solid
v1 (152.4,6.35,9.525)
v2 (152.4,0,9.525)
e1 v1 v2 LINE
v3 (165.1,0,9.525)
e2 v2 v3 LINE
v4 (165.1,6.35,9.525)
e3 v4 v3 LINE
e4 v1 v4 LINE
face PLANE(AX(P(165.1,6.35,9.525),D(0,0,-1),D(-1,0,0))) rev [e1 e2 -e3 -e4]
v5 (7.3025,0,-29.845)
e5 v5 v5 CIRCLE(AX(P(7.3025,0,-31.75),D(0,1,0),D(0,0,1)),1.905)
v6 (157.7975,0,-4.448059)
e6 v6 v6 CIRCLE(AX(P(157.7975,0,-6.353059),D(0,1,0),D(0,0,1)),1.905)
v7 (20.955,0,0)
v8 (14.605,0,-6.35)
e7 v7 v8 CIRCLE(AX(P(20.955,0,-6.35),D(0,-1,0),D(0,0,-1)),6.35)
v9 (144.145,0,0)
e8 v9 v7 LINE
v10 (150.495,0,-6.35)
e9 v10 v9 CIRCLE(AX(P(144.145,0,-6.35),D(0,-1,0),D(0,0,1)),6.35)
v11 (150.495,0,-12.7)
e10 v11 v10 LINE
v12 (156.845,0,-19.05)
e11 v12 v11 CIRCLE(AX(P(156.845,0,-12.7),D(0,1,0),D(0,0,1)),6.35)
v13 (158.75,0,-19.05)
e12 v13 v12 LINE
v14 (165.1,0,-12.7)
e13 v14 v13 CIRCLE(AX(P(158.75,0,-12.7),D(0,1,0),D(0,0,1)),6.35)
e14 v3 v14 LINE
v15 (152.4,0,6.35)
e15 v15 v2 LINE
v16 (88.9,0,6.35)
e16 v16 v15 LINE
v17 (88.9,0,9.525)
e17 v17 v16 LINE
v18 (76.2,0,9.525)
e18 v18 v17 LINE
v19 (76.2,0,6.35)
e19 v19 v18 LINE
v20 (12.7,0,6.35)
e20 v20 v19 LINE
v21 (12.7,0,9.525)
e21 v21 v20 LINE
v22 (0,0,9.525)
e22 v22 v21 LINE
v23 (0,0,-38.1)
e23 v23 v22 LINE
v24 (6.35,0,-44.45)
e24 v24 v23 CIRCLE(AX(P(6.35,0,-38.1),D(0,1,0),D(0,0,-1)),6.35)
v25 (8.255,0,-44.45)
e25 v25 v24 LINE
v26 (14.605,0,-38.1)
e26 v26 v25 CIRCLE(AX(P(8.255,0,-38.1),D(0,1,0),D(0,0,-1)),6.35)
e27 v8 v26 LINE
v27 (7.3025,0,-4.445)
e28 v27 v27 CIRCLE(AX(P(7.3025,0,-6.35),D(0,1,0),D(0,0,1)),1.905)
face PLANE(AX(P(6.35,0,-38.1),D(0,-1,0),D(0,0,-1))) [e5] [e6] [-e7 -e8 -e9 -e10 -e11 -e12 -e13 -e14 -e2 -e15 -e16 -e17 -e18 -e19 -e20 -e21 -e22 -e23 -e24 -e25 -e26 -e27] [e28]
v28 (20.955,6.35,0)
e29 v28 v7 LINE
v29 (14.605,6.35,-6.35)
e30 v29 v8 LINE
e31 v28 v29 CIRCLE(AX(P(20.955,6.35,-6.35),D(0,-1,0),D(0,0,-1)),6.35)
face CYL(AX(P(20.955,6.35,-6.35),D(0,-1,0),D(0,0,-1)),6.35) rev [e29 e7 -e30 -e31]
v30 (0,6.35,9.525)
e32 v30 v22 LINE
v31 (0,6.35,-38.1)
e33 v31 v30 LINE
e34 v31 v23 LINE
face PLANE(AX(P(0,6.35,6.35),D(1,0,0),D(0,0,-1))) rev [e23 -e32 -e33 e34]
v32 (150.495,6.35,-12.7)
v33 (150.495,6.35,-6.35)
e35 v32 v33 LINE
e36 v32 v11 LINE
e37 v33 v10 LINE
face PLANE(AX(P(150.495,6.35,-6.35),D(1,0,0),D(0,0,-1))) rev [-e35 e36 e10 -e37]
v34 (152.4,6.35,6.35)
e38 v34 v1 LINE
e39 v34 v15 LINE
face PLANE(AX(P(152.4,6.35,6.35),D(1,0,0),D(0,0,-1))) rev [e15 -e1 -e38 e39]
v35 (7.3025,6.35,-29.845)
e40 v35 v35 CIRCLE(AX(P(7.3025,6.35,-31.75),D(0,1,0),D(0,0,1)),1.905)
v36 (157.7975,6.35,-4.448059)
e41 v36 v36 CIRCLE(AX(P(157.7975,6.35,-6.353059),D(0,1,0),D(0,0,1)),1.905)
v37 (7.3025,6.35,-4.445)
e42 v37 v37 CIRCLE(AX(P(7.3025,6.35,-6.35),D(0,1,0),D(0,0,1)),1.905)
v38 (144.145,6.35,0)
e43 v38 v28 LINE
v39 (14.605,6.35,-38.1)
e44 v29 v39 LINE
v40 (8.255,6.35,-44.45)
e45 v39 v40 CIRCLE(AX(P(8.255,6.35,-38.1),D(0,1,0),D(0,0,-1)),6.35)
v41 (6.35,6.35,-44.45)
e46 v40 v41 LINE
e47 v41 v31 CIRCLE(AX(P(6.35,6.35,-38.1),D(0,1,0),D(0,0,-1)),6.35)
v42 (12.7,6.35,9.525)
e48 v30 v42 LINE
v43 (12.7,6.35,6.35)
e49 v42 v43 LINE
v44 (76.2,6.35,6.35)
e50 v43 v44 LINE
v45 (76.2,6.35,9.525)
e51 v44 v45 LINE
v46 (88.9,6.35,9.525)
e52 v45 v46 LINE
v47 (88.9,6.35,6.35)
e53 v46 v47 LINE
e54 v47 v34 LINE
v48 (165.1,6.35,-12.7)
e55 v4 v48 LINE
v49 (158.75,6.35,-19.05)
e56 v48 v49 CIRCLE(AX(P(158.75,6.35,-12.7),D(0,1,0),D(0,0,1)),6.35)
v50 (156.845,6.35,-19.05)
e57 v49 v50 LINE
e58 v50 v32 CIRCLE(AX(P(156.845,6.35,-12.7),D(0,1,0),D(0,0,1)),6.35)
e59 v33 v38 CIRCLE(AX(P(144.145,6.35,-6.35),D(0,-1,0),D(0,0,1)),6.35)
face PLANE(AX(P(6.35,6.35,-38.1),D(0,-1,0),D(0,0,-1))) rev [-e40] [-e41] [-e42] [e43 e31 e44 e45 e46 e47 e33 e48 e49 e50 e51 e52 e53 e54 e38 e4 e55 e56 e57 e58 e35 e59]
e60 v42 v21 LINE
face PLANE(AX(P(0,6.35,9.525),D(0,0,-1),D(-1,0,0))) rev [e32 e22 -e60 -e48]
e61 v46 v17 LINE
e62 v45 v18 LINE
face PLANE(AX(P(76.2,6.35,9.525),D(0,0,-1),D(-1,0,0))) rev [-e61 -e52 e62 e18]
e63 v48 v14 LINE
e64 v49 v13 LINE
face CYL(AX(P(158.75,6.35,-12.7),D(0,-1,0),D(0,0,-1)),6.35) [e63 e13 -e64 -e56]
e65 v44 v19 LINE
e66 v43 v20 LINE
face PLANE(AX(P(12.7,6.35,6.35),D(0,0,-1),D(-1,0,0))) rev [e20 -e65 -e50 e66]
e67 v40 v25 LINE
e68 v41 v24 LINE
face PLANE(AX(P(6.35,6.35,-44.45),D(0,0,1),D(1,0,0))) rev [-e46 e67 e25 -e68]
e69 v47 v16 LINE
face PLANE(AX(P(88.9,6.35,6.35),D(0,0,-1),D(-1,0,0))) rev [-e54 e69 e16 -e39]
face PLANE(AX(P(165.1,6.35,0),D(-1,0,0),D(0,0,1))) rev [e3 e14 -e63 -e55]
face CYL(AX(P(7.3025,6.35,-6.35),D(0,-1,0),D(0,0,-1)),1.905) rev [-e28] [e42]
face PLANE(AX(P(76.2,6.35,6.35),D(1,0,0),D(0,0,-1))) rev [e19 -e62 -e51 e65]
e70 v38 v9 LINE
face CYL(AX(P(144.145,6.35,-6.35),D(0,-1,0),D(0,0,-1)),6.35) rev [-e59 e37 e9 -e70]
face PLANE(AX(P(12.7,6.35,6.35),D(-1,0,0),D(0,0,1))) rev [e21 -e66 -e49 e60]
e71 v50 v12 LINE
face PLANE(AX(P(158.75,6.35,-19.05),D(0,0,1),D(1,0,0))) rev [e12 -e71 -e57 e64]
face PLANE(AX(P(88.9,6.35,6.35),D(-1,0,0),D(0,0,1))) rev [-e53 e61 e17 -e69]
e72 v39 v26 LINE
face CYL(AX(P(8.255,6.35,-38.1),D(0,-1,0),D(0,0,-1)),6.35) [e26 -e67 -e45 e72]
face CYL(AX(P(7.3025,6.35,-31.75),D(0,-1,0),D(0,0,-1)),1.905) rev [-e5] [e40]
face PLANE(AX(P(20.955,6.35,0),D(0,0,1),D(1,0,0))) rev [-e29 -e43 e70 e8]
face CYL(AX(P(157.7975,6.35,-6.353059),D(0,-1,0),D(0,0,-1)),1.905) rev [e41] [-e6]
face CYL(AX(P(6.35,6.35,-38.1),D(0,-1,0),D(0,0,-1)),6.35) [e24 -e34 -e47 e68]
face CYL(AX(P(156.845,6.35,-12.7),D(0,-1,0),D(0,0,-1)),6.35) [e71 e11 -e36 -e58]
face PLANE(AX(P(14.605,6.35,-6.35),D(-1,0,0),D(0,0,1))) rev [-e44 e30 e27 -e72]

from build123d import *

# Parameters (mm, degrees)
SKETCH1_R           = 1.905
BOSS_EXTRUDE1_DEPTH = 6.35


with BuildPart() as part:
    # Sketch1 → Boss-Extrude1 (new body)
    with BuildSketch(Plane(origin=(0, 0, 0), x_dir=(1, 0, 0), z_dir=(0, 1, 0))):
        with BuildLine():
            Line((88.9, -6.35), (152.4, -6.35))
            Line((152.4, -6.35), (152.4, -9.525))
            Line((152.4, -9.525), (165.1, -9.525))
            Line((165.1, -9.525), (165.1, -6.35))
            Line((165.1, -6.35), (165.1, 0))
            Line((165.1, 0), (165.1, 12.7))
            ThreePointArc((165.1, 12.7), (163.240128061, 17.190128061), (158.75, 19.05))
            Line((158.75, 19.05), (156.845, 19.05))
            ThreePointArc((156.845, 19.05), (152.354871939, 17.190128061), (150.495, 12.7))
            Line((150.495, 12.7), (150.495, 6.35))
            ThreePointArc((150.495, 6.35), (148.635128061, 1.859871939), (144.145, 0))
            Line((144.145, 0), (20.955, 0))
            ThreePointArc((20.955, 0), (16.464871939, 1.859871939), (14.605, 6.35))
            Line((14.605, 6.35), (14.605, 38.1))
            ThreePointArc((14.605, 38.1), (12.745128061, 42.590128061), (8.255, 44.45))
            Line((8.255, 44.45), (6.35, 44.45))
            ThreePointArc((6.35, 44.45), (1.859871939, 42.590128061), (0, 38.1))
            Line((0, 38.1), (0, 0))
            Line((0, 0), (0, -6.35))
            Line((0, -6.35), (0, -9.525))
            Line((0, -9.525), (12.7, -9.525))
            Line((12.7, -9.525), (12.7, -6.35))
            Line((12.7, -6.35), (76.2, -6.35))
            Line((76.2, -6.35), (76.2, -9.525))
            Line((76.2, -9.525), (88.9, -9.525))
            Line((88.9, -9.525), (88.9, -6.35))
        make_face()
        with Locations(Location((7.3025, 31.75, 0), (0, 0, 270))):
            Circle(SKETCH1_R, mode=Mode.SUBTRACT)
        with Locations(Location((7.3025, 6.35, 0), (0, 0, 270))):
            Circle(SKETCH1_R, mode=Mode.SUBTRACT)
        with Locations(Location((157.7975, 6.353059153, 0), (0, 0, 270))):
            Circle(SKETCH1_R, mode=Mode.SUBTRACT)
    extrude(amount=BOSS_EXTRUDE1_DEPTH)


solid = part.part
